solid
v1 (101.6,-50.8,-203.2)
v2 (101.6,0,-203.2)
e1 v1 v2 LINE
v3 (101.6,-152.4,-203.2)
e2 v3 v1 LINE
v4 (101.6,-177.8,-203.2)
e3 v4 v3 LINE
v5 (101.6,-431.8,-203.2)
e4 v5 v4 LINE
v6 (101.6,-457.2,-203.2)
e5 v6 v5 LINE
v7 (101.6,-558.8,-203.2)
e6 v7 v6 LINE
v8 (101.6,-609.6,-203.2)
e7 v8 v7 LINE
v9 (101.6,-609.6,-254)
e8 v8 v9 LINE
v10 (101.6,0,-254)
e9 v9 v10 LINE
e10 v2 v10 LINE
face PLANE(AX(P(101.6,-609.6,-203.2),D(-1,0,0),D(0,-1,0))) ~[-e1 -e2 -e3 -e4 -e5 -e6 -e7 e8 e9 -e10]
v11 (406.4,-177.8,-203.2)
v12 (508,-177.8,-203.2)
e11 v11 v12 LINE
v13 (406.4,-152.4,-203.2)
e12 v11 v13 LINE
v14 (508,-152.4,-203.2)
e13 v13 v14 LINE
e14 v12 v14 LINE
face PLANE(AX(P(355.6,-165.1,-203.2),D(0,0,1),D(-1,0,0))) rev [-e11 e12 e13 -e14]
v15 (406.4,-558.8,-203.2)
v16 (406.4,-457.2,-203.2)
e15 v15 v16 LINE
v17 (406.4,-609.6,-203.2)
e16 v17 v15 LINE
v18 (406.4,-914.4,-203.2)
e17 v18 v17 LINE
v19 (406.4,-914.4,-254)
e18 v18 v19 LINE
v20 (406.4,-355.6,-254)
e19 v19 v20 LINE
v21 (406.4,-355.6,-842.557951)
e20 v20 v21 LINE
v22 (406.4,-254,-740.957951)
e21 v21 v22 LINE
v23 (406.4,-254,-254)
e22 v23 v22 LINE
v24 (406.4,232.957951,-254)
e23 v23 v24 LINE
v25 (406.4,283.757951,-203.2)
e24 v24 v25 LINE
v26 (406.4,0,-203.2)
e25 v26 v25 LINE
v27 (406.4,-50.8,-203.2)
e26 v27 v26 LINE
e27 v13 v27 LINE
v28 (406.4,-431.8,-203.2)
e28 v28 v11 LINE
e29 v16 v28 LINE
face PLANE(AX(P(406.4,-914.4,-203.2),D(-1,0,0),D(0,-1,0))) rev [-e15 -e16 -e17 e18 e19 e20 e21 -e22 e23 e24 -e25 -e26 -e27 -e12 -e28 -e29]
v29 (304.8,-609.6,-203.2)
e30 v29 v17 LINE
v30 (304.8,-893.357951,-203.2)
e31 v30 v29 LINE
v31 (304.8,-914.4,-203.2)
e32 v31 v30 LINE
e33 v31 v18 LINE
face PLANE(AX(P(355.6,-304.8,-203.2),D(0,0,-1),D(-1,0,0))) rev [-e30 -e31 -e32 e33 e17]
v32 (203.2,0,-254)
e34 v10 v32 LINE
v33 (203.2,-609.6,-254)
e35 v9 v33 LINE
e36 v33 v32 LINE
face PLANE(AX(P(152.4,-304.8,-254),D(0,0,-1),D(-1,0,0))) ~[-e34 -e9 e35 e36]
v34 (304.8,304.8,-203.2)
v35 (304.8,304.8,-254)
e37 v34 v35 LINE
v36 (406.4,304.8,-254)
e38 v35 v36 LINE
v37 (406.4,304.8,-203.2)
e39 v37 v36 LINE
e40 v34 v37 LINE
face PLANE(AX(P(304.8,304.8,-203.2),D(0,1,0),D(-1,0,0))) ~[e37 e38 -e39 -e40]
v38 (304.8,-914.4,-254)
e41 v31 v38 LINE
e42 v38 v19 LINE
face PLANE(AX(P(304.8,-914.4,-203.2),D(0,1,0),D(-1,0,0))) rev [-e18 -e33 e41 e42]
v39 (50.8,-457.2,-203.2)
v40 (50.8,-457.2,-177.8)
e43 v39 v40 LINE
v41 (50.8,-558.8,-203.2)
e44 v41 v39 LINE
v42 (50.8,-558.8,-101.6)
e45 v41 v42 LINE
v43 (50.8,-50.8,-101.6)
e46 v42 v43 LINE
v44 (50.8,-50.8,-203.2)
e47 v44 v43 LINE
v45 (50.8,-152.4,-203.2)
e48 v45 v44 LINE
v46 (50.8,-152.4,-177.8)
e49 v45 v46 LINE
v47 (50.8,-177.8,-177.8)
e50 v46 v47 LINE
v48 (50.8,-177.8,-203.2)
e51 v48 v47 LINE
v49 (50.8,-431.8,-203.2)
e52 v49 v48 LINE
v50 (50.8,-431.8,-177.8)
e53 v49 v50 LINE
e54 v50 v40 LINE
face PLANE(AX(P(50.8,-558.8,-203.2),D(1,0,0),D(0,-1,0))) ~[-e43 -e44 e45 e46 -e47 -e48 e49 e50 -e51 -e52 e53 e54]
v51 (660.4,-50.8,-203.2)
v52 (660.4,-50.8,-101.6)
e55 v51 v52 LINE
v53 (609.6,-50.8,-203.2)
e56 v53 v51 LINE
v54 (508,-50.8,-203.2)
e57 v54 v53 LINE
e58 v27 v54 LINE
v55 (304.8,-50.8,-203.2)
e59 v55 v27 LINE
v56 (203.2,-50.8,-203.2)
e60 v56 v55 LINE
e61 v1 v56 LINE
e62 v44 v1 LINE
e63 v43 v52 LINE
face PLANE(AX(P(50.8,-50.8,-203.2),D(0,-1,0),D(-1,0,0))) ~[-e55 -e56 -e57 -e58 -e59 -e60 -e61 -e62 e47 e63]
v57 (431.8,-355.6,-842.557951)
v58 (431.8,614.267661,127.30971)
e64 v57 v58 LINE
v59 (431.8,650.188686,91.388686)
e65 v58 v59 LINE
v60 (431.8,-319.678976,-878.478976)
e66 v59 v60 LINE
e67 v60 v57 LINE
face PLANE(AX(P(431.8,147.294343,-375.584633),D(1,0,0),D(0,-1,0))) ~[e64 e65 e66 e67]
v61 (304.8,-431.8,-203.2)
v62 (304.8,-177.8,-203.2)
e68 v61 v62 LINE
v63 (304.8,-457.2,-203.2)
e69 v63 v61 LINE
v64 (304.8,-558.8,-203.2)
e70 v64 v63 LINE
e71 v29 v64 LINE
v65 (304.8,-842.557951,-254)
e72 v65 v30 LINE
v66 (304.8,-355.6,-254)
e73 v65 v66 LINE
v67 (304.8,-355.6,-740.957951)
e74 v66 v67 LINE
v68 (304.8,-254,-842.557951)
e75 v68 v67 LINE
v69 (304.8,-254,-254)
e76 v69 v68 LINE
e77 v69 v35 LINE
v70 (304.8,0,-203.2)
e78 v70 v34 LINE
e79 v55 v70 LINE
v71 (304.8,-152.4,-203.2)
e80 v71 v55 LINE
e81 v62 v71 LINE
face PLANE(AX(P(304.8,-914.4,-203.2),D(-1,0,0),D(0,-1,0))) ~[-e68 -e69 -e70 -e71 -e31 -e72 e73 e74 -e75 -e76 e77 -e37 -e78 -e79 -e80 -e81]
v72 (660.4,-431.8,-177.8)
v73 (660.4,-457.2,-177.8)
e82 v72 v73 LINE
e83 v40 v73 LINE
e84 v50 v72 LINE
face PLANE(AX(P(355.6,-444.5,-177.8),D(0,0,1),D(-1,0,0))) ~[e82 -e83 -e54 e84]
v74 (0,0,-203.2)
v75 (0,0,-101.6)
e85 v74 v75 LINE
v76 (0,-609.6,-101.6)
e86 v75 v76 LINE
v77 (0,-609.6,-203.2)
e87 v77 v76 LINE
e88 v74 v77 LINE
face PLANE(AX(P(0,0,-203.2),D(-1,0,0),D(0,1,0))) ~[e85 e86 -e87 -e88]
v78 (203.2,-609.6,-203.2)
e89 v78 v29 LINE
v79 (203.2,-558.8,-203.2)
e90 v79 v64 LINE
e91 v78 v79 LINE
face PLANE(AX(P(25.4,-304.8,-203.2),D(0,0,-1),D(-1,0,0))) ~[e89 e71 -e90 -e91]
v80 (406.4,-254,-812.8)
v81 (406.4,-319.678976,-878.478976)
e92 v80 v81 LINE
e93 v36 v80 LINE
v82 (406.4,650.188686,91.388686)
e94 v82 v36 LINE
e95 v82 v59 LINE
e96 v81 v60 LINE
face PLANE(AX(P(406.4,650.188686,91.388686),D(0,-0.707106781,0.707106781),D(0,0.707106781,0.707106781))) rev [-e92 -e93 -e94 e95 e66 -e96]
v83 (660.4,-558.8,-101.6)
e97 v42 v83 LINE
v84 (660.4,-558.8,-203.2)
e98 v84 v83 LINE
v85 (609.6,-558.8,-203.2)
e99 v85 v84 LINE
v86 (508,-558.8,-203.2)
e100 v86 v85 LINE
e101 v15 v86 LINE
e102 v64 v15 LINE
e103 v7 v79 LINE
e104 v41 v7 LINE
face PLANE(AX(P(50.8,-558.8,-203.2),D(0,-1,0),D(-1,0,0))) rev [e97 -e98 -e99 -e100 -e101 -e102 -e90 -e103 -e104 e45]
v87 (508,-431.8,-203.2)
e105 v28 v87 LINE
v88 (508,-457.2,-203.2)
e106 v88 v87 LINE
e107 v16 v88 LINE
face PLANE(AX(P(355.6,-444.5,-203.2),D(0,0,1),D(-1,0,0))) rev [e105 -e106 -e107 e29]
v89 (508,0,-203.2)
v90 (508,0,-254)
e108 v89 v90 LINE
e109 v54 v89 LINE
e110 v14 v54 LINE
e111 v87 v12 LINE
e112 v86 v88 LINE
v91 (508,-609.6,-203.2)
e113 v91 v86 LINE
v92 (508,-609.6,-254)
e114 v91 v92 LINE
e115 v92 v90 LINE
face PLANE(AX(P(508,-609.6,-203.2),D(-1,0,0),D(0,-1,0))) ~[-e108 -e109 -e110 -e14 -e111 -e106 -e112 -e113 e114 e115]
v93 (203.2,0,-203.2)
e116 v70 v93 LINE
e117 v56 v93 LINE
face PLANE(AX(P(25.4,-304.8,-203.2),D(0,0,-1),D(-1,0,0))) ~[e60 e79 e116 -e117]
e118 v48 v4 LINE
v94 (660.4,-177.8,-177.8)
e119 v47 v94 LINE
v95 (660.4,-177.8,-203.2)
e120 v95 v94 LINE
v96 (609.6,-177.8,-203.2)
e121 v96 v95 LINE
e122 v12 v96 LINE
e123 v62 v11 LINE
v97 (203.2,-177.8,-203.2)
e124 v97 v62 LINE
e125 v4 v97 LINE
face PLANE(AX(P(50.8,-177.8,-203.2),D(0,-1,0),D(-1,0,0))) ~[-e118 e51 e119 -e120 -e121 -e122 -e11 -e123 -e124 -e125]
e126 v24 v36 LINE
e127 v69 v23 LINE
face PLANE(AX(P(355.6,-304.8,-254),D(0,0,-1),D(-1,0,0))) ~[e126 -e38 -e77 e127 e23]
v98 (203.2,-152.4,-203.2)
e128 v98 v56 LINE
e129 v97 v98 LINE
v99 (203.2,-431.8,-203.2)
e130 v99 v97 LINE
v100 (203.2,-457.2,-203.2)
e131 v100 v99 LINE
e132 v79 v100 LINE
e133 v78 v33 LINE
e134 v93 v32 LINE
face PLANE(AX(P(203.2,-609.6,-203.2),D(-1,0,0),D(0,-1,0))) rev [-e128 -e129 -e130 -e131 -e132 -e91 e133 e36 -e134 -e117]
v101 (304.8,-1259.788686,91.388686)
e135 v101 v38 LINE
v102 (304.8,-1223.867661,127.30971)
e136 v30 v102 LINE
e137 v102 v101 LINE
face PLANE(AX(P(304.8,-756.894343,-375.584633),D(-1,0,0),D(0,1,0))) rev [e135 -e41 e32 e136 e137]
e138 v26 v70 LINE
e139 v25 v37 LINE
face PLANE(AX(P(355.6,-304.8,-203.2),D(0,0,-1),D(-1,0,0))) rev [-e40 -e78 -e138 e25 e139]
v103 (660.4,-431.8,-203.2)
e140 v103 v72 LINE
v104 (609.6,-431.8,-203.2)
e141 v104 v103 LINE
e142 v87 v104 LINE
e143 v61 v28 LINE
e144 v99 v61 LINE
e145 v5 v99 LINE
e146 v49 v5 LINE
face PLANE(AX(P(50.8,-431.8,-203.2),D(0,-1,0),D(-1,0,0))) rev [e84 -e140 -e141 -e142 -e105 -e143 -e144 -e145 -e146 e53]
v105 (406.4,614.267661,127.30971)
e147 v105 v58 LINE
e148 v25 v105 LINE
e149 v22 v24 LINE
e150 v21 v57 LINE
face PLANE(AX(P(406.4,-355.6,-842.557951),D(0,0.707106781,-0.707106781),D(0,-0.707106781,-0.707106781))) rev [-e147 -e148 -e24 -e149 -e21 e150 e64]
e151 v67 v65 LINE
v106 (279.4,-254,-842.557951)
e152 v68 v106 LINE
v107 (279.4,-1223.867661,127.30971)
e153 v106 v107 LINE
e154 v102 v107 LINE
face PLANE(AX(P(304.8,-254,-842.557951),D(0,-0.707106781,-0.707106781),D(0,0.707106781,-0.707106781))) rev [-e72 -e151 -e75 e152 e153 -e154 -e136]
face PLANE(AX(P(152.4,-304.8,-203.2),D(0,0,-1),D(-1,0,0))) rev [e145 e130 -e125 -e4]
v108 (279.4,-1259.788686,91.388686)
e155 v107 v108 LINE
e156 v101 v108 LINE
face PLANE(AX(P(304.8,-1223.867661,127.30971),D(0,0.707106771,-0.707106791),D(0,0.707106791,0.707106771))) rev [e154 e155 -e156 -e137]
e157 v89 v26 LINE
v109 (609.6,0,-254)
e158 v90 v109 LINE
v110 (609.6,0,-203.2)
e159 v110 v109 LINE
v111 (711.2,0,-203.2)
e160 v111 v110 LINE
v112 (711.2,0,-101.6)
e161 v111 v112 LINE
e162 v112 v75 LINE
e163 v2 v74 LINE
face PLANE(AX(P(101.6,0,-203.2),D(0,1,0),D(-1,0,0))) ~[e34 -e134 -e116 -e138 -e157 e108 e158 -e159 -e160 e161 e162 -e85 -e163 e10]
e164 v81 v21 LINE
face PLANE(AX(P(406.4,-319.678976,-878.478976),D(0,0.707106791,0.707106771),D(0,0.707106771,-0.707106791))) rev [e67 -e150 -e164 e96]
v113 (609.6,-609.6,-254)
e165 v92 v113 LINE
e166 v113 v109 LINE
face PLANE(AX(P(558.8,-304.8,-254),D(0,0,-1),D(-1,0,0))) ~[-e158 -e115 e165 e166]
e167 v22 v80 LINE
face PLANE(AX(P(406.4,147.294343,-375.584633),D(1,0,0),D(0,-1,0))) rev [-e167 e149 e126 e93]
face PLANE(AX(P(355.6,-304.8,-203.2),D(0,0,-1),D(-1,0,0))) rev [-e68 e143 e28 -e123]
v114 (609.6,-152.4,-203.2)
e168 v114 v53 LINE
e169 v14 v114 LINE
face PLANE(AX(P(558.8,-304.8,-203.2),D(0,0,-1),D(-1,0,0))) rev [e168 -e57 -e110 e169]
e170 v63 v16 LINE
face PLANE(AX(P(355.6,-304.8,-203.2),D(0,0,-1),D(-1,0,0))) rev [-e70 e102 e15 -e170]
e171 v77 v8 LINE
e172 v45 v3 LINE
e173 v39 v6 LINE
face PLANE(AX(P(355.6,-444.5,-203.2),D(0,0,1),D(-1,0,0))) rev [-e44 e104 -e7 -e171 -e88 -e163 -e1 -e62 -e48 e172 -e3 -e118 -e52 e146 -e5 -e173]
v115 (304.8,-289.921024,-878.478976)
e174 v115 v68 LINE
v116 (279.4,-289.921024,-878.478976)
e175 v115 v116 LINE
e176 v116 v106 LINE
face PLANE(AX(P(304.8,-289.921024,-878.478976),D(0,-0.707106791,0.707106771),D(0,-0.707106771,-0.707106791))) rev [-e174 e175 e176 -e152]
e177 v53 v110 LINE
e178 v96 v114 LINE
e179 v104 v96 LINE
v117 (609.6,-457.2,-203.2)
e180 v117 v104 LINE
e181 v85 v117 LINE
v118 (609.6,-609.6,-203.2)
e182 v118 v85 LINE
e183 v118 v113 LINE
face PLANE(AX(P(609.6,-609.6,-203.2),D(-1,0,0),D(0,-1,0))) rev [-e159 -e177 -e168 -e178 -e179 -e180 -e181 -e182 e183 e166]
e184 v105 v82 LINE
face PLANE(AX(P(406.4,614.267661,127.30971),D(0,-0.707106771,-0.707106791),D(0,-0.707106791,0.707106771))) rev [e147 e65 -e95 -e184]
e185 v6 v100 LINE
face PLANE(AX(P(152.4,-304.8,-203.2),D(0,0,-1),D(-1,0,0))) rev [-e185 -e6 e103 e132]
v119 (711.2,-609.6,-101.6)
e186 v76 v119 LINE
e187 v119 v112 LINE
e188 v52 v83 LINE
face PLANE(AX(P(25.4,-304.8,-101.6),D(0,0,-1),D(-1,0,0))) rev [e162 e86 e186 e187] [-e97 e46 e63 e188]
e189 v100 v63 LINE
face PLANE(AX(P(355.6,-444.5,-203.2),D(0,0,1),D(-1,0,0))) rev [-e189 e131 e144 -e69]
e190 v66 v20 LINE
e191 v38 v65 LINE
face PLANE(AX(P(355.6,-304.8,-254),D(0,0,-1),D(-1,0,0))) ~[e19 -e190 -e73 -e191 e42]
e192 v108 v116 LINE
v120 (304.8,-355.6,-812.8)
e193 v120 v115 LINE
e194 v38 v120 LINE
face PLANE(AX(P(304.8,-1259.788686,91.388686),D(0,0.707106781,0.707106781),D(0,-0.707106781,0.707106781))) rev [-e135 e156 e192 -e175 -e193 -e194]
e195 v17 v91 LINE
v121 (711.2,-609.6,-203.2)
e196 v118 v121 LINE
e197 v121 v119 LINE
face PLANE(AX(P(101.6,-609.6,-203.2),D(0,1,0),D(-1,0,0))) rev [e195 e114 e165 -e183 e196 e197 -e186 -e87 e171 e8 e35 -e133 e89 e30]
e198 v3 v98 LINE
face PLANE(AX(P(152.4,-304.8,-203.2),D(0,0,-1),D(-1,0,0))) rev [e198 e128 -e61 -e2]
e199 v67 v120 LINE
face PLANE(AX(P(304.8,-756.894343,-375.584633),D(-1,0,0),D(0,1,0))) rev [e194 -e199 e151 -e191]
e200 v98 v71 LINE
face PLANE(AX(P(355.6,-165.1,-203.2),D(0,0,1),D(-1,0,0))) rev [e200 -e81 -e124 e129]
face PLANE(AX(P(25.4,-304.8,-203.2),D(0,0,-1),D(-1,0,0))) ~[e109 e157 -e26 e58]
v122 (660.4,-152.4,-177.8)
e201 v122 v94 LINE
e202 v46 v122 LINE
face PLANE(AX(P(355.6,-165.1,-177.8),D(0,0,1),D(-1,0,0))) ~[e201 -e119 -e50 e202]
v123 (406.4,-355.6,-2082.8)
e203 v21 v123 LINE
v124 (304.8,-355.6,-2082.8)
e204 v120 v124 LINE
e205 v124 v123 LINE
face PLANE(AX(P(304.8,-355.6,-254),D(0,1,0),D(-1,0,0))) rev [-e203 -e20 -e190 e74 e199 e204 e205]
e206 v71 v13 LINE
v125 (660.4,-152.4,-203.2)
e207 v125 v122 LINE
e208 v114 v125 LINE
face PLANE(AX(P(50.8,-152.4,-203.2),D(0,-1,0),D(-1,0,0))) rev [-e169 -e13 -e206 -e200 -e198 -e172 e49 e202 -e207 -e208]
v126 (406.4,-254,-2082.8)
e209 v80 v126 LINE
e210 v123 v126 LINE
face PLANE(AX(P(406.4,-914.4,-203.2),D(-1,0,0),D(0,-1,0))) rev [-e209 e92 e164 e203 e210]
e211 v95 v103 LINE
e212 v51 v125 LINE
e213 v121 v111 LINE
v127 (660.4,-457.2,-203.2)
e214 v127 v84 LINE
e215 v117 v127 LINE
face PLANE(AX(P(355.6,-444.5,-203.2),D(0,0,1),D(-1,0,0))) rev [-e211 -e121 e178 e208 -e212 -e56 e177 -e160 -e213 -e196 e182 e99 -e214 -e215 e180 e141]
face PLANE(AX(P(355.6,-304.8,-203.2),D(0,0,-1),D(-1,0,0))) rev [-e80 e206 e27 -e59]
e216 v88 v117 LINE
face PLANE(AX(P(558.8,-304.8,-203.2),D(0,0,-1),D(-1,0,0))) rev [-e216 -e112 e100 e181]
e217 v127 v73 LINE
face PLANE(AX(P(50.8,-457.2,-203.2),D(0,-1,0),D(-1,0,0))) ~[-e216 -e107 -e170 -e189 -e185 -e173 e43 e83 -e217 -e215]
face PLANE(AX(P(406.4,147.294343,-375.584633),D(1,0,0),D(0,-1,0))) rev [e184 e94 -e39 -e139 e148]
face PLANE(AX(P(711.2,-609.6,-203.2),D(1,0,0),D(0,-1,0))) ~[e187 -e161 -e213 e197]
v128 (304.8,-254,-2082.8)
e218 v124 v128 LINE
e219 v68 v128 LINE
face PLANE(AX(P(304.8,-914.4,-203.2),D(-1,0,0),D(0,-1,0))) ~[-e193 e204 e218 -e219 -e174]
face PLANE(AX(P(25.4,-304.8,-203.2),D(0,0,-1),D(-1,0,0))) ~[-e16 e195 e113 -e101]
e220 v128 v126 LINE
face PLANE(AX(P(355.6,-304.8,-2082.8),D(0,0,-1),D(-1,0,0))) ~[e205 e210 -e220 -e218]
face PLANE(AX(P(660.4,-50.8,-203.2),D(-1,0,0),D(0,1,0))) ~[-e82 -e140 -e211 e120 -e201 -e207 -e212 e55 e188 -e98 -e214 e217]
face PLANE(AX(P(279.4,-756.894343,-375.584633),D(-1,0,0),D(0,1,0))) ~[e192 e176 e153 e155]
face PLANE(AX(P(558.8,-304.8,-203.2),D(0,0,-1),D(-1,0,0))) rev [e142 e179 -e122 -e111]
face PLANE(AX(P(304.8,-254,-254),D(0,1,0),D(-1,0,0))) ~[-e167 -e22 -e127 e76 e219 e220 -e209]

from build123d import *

# Parameters (mm, degrees)
F0_W      = 609.6
F0_H      = 50.8
F1_DEPTH  = 101.6
F2_W      = 101.6
F2_H      = 609.6
F2_H_2    = 1219.2
F3_DEPTH  = 50.8
F4_W      = 101.6
F4_H      = 101.6
F5_DEPTH  = 1828.8
F7_DEPTH  = 25.4
F9_DEPTH  = 25.4
F10_W     = 609.6
F10_H     = 25.4
F11_DEPTH = 25.4


with BuildPart() as f1:
    # F0 (on Top) → F1 (new body)
    with BuildSketch(Plane.XY):
        Polygon((50.8, 0), (0, 0), (0, -609.6), (50.8, -609.6), (50.8, -558.8), (50.8, -50.8), align=None)
        with Locations((355.6, -25.4)):
            Rectangle(F0_W, F0_H)
        Polygon((711.2, 0), (660.4, 0), (660.4, -50.8), (660.4, -558.8), (660.4, -609.6), (711.2, -609.6), align=None)
        with Locations((355.6, -584.2)):
            Rectangle(F0_W, F0_H)
    extrude(amount=-F1_DEPTH)

    # F2 (on Top) → F3 (join)
    with BuildSketch(Plane.XY):
        with Locations((152.4, -304.8)):
            Rectangle(F2_W, F2_H)
        with Locations((558.8, -304.8)):
            Rectangle(F2_W, F2_H)
        with Locations((355.6, -304.8)):
            Rectangle(F2_W, F2_H_2)
    extrude(amount=F3_DEPTH)

    # F4 (on face) → F5 (join)
    with BuildSketch(Plane.XY.offset(50.8)):
        with Locations((355.6, -304.8)):
            Rectangle(F4_W, F4_H)
    extrude(amount=F5_DEPTH)

    # F6 (on face) → F7 (join)
    with BuildSketch(Plane.YZ.offset(406.4)):
        Polygon((614.267661, -330.50971), (650.188686, -294.588686), (-319.678976, 675.278976), (-355.6, 639.357951), align=None)
    extrude(amount=F7_DEPTH)

    # F8 (on face) → F9 (join)
    with BuildSketch(Plane(origin=(304.8, 0, 0), x_dir=(0, -1, 0), z_dir=(-1, 0, 0))):
        Polygon((1223.867661, -330.50971), (1259.788686, -294.588686), (289.921024, 675.278976), (254, 639.357951), align=None)
    extrude(amount=F9_DEPTH)

    # F10 (on face) → F11 (join)
    with BuildSketch(Plane(origin=(0, 0, 0), x_dir=(1, 0, 0), z_dir=(0, 0, -1))):
        with Locations((355.6, 444.5)):
            Rectangle(F10_W, F10_H)
        with Locations((355.6, 165.1)):
            Rectangle(F10_W, F10_H)
    extrude(amount=F11_DEPTH)


with BuildPart() as f12_1:
    # F12: instance of F1
    add(f1.part.mirror(Plane(origin=(355.6, -304.8, -101.6), x_dir=(1, 0, 0), z_dir=(0, 0, -1))))


solid = f12_1.part
